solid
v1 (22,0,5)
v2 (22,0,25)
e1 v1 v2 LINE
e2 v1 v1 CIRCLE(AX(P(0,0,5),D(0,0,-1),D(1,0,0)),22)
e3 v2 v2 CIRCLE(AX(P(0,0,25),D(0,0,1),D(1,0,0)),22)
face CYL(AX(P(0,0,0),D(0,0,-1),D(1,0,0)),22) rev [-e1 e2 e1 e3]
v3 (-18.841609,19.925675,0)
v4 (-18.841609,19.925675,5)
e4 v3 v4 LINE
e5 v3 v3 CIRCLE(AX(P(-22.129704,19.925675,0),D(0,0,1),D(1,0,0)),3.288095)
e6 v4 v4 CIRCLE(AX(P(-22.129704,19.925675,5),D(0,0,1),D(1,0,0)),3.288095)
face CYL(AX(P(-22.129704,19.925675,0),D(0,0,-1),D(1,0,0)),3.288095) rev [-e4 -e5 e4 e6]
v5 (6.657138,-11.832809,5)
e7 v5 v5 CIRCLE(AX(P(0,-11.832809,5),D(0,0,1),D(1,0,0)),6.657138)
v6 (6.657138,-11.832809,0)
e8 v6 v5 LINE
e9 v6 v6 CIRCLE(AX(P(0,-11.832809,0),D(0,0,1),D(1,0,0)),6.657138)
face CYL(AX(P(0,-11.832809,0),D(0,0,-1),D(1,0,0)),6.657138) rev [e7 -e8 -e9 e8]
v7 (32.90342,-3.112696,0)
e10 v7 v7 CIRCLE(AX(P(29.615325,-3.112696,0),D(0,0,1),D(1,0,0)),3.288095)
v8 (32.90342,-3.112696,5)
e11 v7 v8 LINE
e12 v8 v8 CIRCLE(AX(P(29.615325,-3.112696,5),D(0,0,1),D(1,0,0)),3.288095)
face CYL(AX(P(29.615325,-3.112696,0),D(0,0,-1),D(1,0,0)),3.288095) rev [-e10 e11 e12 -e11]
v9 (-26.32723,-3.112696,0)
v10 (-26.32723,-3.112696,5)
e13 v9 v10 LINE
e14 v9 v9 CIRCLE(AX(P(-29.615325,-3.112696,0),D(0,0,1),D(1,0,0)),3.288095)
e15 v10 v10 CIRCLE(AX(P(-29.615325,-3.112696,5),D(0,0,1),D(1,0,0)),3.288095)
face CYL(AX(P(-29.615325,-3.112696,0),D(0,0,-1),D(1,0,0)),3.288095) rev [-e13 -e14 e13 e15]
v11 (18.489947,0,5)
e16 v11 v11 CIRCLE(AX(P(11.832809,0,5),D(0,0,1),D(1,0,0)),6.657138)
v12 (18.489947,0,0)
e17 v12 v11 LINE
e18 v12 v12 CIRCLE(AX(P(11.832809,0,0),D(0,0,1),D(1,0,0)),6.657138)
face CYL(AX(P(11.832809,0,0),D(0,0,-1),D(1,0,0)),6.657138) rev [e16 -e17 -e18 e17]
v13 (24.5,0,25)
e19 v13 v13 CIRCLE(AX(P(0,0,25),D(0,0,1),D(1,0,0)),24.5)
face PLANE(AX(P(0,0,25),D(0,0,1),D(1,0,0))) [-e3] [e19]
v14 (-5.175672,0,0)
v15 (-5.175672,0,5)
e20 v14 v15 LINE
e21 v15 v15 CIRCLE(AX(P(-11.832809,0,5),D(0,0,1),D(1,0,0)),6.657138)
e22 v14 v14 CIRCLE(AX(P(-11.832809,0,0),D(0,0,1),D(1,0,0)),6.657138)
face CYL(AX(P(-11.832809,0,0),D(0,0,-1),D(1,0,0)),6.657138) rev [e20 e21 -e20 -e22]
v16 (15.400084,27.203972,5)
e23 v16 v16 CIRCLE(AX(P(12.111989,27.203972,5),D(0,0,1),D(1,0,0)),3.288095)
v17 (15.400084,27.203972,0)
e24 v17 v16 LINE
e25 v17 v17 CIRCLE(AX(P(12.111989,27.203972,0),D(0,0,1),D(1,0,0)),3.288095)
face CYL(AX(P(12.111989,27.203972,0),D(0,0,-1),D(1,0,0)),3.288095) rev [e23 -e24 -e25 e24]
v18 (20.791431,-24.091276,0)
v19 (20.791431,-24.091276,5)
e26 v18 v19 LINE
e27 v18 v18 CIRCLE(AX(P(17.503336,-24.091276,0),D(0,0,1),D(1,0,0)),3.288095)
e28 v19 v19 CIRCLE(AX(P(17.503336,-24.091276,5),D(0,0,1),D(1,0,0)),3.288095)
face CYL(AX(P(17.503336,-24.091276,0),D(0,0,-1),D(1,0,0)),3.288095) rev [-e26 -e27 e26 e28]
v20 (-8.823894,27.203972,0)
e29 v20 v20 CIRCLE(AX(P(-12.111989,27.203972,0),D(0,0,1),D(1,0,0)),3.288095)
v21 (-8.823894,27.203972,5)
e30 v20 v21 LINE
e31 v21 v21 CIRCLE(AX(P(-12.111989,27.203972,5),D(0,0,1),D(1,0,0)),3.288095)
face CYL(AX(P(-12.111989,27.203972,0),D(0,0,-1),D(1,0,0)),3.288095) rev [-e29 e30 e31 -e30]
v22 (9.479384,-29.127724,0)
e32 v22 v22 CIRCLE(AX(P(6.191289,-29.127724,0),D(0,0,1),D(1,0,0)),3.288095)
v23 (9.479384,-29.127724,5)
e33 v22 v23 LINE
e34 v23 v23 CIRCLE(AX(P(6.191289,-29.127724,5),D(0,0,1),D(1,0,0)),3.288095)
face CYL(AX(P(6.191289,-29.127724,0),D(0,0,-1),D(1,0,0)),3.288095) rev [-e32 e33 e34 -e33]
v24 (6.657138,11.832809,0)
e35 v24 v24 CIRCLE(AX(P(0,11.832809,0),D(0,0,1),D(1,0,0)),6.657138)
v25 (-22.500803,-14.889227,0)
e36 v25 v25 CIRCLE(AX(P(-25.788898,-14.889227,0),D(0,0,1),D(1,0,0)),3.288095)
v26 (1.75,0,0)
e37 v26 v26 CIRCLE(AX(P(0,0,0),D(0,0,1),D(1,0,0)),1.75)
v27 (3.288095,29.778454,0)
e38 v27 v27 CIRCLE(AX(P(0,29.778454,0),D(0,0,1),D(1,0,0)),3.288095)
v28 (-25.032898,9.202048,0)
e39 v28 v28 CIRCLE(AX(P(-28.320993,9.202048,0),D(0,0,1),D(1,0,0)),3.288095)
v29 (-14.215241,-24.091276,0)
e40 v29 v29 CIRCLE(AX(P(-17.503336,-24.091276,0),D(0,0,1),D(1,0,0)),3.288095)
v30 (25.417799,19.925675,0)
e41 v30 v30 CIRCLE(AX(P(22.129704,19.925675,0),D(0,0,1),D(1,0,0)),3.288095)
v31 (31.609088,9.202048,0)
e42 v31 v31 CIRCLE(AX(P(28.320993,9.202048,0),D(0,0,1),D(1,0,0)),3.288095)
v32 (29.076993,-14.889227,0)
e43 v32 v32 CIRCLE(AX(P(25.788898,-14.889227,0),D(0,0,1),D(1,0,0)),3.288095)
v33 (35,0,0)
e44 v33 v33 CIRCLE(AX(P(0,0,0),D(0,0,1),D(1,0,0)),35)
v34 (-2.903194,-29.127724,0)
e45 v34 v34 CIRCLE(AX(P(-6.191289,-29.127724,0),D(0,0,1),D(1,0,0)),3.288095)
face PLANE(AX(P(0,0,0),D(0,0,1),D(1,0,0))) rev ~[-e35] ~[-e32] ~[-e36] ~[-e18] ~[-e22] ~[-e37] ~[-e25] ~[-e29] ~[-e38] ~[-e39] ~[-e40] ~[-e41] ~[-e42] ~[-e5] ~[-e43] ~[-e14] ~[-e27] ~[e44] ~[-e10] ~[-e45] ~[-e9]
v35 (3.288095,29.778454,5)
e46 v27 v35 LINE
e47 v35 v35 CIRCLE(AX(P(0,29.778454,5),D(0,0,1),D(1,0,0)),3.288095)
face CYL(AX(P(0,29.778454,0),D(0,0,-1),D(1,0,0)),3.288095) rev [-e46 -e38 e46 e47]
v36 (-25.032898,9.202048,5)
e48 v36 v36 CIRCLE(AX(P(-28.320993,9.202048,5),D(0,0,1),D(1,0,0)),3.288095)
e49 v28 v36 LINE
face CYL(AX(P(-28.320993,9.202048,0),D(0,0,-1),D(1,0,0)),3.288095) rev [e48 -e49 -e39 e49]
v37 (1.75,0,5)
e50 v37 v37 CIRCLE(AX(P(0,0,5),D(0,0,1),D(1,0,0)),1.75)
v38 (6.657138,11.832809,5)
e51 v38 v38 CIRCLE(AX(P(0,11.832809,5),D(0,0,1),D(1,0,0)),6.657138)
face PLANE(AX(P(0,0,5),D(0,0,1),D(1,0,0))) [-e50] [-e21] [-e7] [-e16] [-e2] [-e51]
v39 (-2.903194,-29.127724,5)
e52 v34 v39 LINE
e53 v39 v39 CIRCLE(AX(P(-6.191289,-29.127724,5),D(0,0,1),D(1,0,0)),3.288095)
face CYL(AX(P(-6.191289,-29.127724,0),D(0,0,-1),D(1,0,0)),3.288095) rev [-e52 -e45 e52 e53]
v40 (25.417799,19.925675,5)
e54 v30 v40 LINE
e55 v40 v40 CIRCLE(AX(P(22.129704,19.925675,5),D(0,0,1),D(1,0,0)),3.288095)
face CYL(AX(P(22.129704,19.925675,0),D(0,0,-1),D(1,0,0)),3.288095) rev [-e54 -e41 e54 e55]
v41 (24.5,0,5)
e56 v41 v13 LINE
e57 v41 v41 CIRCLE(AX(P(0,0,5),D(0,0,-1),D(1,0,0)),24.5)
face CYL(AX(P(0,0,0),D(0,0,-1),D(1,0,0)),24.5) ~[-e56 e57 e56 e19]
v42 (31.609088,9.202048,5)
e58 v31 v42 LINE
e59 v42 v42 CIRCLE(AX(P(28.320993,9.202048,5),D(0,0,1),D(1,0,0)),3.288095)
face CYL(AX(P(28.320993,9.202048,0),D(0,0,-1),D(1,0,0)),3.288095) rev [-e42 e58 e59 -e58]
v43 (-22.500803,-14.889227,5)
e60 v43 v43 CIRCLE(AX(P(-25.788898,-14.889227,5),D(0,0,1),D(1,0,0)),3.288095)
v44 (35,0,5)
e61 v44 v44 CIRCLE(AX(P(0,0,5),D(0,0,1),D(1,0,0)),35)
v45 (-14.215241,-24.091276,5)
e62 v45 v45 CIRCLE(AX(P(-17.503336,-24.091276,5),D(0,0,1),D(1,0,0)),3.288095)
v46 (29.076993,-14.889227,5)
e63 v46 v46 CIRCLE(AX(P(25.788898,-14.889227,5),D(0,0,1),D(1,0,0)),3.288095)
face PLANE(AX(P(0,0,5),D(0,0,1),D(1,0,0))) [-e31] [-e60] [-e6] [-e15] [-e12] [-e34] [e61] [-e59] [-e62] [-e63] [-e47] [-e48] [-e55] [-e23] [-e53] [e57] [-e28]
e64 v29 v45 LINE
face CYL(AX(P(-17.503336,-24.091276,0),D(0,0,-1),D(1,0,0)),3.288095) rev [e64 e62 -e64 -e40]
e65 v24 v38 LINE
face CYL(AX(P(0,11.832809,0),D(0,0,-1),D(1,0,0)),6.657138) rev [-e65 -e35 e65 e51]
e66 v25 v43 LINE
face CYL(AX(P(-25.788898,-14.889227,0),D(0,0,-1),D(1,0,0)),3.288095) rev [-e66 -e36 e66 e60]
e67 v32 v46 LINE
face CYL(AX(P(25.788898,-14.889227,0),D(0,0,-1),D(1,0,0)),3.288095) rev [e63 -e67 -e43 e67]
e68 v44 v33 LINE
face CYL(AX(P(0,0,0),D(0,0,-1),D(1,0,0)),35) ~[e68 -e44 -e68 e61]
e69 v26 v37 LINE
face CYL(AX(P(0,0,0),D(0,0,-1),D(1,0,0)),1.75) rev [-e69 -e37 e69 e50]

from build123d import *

# Parameters (mm, degrees)
F0_R     = 35
F0_R_2   = 3.2880949383
F0_R_3   = 24.5
F0_R_4   = 22
F0_R_5   = 6.6571375288
F0_R_6   = 1.75
F1_DEPTH = 5
F2_DEPTH = 25
F3_DEPTH = 3


with BuildPart() as f1:
    # F0 (on Top) → F1 (new body)
    with BuildSketch(Plane.XY):
        Circle(F0_R)
        with Locations((-17.5033363634, -24.0912757185)):
            Circle(F0_R_2, mode=Mode.SUBTRACT)
        with Locations((-6.1912888152, -29.1277237765)):
            Circle(F0_R_2, mode=Mode.SUBTRACT)
        with Locations((-25.7888980415, -14.8892272264)):
            Circle(F0_R_2, mode=Mode.SUBTRACT)
        with Locations((-29.6153249635, -3.1126960824)):
            Circle(F0_R_2, mode=Mode.SUBTRACT)
        with Locations((6.1912888152, -29.1277237765)):
            Circle(F0_R_2, mode=Mode.SUBTRACT)
        with Locations((17.5033363634, -24.0912757185)):
            Circle(F0_R_2, mode=Mode.SUBTRACT)
        with Locations((25.7888980415, -14.8892272264)):
            Circle(F0_R_2, mode=Mode.SUBTRACT)
        with Locations((29.6153249635, -3.1126960824)):
            Circle(F0_R_2, mode=Mode.SUBTRACT)
        with Locations((-28.3209931525, 9.2020484921)):
            Circle(F0_R_2, mode=Mode.SUBTRACT)
        with Locations((-22.1297043373, 19.9256752844)):
            Circle(F0_R_2, mode=Mode.SUBTRACT)
        with Locations((-12.1119886001, 27.2039718009)):
            Circle(F0_R_2, mode=Mode.SUBTRACT)
        Circle(F0_R_3, mode=Mode.SUBTRACT)
        with Locations((28.3209931525, 9.2020484921)):
            Circle(F0_R_2, mode=Mode.SUBTRACT)
        with Locations((0, 29.7784544528)):
            Circle(F0_R_2, mode=Mode.SUBTRACT)
        with Locations((12.1119886001, 27.2039718009)):
            Circle(F0_R_2, mode=Mode.SUBTRACT)
        with Locations((22.1297043373, 19.9256752844)):
            Circle(F0_R_2, mode=Mode.SUBTRACT)
        Circle(F0_R_3)
        Circle(F0_R_4, mode=Mode.SUBTRACT)
        Circle(F0_R_4)
        with Locations((0, -11.8328090757)):
            Circle(F0_R_5, mode=Mode.SUBTRACT)
        with Locations((-11.8328090757, 0)):
            Circle(F0_R_5, mode=Mode.SUBTRACT)
        Circle(F0_R_6, mode=Mode.SUBTRACT)
        with Locations((11.8328090757, 0)):
            Circle(F0_R_5, mode=Mode.SUBTRACT)
        with Locations((0, 11.8328090757)):
            Circle(F0_R_5, mode=Mode.SUBTRACT)
    extrude(amount=F1_DEPTH)

    # F0 (on Top) → F2 (join)
    with BuildSketch(Plane.XY):
        Circle(F0_R_3)
        Circle(F0_R_4, mode=Mode.SUBTRACT)
    extrude(amount=F2_DEPTH)

    # F0 (on Top) → F3 (join)
    with BuildSketch(Plane.XY):
        Circle(F0_R)
        with Locations((-17.5033363634, -24.0912757185)):
            Circle(F0_R_2, mode=Mode.SUBTRACT)
        with Locations((-6.1912888152, -29.1277237765)):
            Circle(F0_R_2, mode=Mode.SUBTRACT)
        with Locations((-25.7888980415, -14.8892272264)):
            Circle(F0_R_2, mode=Mode.SUBTRACT)
        with Locations((-29.6153249635, -3.1126960824)):
            Circle(F0_R_2, mode=Mode.SUBTRACT)
        with Locations((6.1912888152, -29.1277237765)):
            Circle(F0_R_2, mode=Mode.SUBTRACT)
        with Locations((17.5033363634, -24.0912757185)):
            Circle(F0_R_2, mode=Mode.SUBTRACT)
        with Locations((25.7888980415, -14.8892272264)):
            Circle(F0_R_2, mode=Mode.SUBTRACT)
        with Locations((29.6153249635, -3.1126960824)):
            Circle(F0_R_2, mode=Mode.SUBTRACT)
        with Locations((-28.3209931525, 9.2020484921)):
            Circle(F0_R_2, mode=Mode.SUBTRACT)
        with Locations((-22.1297043373, 19.9256752844)):
            Circle(F0_R_2, mode=Mode.SUBTRACT)
        with Locations((-12.1119886001, 27.2039718009)):
            Circle(F0_R_2, mode=Mode.SUBTRACT)
        Circle(F0_R_3, mode=Mode.SUBTRACT)
        with Locations((28.3209931525, 9.2020484921)):
            Circle(F0_R_2, mode=Mode.SUBTRACT)
        with Locations((0, 29.7784544528)):
            Circle(F0_R_2, mode=Mode.SUBTRACT)
        with Locations((12.1119886001, 27.2039718009)):
            Circle(F0_R_2, mode=Mode.SUBTRACT)
        with Locations((22.1297043373, 19.9256752844)):
            Circle(F0_R_2, mode=Mode.SUBTRACT)
    extrude(amount=F3_DEPTH)


solid = f1.part
